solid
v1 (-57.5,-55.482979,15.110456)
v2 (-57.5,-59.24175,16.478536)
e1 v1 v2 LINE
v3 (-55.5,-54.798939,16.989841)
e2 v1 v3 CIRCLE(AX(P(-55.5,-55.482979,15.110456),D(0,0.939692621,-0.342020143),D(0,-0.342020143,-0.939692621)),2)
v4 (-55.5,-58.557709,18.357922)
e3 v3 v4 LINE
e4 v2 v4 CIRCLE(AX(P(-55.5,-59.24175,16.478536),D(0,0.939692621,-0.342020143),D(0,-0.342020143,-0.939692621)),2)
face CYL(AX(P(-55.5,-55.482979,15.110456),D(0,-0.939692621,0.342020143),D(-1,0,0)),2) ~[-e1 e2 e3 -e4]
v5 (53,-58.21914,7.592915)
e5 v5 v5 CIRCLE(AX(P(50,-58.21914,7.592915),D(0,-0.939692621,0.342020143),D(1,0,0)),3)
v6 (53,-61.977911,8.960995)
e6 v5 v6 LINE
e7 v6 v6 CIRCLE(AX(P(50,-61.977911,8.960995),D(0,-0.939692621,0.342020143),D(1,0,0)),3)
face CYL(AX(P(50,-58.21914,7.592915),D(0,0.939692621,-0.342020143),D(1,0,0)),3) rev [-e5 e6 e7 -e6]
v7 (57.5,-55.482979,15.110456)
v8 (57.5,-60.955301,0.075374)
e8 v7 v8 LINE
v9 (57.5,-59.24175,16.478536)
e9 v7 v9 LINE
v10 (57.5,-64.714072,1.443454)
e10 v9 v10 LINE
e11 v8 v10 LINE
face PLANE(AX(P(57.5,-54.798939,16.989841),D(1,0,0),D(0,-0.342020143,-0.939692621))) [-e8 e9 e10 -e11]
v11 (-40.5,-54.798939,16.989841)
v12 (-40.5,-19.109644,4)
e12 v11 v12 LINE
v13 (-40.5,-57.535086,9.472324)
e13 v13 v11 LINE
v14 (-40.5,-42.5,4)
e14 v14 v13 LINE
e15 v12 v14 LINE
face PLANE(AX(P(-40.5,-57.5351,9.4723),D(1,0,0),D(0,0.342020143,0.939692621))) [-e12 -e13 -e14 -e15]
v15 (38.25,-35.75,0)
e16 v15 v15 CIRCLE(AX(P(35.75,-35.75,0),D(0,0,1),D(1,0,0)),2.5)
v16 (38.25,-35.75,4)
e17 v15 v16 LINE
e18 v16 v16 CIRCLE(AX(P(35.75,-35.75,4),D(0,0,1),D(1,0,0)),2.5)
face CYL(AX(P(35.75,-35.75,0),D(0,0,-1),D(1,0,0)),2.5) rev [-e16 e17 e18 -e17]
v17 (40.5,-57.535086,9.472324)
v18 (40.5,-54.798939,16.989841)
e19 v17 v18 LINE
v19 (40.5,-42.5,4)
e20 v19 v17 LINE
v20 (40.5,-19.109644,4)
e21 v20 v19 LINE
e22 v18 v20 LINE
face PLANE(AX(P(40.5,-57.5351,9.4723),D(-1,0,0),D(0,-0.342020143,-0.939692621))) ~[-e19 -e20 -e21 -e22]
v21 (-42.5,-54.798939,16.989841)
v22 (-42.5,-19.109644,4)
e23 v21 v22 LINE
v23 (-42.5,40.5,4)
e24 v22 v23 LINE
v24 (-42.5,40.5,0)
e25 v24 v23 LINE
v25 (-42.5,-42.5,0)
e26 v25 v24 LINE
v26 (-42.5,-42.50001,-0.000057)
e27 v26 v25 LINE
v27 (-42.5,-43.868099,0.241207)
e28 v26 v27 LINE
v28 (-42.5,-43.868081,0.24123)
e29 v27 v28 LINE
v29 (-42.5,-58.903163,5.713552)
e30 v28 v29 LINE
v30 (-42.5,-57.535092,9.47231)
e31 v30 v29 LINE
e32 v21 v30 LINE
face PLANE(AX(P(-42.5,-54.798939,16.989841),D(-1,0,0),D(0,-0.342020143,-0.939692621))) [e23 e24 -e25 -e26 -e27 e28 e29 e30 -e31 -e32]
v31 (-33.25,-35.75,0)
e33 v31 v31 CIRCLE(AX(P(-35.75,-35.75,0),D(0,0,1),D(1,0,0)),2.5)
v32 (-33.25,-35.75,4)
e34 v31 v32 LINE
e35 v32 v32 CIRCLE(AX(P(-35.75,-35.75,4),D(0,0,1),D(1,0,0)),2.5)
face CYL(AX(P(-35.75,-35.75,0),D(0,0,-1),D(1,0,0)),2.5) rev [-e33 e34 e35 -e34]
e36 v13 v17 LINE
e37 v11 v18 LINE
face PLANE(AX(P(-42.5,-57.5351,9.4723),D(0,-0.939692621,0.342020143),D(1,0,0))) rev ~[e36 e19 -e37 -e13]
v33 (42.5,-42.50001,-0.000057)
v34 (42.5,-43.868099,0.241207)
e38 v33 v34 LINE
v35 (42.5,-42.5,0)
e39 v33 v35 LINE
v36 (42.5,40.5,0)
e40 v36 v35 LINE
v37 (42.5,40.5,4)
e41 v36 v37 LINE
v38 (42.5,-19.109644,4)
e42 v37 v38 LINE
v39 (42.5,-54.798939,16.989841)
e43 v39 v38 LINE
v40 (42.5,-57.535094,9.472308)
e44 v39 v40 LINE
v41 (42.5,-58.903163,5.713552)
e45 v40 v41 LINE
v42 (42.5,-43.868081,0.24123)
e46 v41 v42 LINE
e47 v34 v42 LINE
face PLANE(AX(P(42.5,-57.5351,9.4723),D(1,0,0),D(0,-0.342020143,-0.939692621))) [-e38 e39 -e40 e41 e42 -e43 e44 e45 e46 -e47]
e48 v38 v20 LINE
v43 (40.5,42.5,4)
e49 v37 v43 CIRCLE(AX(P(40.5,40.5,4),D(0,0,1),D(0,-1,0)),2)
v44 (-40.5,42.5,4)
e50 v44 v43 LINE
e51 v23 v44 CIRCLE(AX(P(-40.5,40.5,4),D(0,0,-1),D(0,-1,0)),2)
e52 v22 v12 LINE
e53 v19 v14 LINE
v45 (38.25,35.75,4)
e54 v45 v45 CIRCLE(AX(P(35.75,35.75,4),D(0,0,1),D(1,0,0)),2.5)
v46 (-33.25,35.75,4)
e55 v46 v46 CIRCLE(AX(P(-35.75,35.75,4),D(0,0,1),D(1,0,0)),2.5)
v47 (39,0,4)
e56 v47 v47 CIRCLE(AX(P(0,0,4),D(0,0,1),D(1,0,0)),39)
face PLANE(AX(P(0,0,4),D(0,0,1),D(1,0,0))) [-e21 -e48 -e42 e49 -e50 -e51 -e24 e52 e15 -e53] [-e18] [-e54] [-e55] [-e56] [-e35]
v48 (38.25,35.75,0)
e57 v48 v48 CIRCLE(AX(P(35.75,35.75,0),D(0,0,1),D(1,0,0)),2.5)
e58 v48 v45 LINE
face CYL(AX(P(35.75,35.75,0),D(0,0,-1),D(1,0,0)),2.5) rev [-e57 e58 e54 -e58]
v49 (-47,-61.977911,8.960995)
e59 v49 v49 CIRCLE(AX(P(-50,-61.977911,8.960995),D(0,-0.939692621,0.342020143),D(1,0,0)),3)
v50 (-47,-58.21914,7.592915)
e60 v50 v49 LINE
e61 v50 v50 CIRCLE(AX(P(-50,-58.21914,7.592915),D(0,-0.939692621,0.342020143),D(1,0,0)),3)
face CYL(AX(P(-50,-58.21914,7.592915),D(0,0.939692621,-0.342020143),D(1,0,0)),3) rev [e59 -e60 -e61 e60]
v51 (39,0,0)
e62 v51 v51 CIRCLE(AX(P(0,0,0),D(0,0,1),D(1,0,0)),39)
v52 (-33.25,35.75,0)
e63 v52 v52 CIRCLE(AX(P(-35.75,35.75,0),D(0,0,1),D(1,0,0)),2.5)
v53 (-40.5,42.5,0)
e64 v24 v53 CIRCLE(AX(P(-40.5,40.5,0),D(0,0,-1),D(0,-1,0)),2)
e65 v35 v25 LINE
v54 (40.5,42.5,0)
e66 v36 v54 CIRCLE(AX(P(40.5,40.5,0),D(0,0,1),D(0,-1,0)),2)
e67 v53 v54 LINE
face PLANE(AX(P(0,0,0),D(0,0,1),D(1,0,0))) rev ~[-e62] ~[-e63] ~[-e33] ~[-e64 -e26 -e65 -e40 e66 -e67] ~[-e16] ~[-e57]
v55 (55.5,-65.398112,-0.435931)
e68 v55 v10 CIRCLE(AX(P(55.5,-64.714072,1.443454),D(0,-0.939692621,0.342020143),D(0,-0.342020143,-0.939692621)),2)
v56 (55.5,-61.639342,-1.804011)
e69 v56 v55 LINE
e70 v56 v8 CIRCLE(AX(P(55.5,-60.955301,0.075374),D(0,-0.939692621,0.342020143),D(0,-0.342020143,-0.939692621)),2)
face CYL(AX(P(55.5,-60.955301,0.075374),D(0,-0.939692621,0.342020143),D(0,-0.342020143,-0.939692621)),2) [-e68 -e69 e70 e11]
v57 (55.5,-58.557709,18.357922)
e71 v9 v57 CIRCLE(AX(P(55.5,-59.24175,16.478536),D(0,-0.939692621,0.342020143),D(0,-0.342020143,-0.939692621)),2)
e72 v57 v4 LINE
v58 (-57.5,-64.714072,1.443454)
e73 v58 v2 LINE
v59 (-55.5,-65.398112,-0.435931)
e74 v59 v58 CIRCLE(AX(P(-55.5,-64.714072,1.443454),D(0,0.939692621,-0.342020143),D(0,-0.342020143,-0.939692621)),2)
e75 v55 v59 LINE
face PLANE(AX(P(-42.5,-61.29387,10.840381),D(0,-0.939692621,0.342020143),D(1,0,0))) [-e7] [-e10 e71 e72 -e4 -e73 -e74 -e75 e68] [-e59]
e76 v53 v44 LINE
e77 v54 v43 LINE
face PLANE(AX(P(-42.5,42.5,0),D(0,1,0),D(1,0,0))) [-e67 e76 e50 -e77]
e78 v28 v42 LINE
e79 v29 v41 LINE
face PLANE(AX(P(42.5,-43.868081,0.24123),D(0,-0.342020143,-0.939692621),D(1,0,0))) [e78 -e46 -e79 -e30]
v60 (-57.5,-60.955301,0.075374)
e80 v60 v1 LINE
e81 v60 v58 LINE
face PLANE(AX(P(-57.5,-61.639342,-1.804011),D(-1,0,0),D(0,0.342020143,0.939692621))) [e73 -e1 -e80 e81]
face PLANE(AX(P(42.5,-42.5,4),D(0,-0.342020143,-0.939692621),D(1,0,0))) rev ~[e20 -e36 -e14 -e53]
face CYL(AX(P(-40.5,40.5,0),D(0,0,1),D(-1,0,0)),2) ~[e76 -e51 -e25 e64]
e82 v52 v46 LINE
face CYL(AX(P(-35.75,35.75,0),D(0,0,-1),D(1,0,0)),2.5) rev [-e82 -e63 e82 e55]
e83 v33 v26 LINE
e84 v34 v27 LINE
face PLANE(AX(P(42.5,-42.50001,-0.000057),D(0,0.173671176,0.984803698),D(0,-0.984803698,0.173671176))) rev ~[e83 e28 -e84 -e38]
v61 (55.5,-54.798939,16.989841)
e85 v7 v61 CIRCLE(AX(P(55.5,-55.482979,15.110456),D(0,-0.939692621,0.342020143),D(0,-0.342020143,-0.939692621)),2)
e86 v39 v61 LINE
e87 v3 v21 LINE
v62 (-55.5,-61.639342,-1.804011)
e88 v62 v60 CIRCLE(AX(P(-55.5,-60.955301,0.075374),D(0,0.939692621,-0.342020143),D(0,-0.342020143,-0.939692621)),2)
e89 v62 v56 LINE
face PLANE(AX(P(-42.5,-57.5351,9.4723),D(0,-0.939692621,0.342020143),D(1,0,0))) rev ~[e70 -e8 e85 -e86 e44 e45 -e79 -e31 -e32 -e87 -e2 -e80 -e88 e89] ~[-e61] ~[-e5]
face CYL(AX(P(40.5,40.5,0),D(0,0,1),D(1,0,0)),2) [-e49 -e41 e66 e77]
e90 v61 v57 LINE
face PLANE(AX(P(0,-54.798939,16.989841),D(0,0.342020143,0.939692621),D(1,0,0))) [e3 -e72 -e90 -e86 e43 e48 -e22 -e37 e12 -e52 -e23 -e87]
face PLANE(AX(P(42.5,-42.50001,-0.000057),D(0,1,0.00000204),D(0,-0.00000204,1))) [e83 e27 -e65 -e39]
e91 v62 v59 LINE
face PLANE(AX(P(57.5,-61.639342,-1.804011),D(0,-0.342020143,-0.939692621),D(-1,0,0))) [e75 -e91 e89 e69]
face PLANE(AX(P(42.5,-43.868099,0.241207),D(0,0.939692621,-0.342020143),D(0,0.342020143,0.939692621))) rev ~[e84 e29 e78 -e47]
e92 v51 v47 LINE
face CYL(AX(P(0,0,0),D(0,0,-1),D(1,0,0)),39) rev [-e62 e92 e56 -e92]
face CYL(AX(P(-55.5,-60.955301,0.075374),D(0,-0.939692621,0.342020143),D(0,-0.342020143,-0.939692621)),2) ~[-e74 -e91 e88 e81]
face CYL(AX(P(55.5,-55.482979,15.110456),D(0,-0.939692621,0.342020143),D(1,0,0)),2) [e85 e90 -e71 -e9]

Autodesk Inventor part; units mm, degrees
ref_plane "YZ Plane" through (0, 0, 0) normal (1, 0, 0) x (0, 1, 0)
ref_plane "XZ Plane" through (0, 0, 0) normal (0, 1, 0) x (-1, 0, 0)
ref_plane "XY Plane" through (0, 0, 0) normal (0, 0, 1) x (1, 0, 0)
sketch "Sketch1" plane through (0, 0, 0) normal (0, 0, 1) x (1, 0, 0)
  line L0 (-35.75, 35.75) -> (35.75, -35.75) construction
  line L1 (35.75, 35.75) -> (-35.75, -35.75) construction
  line L2 (-42.5, 42.5) -> (42.5, 42.5)
  line L3 (42.5, 42.5) -> (42.5, -42.5)
  line L4 (42.5, -42.5) -> (-42.5, -42.5)
  line L5 (-42.5, -42.5) -> (-42.5, 42.5)
  line L6 (-42.5, 42.5) -> (42.5, -42.5) construction
  line L7 (42.5, 42.5) -> (-42.5, -42.5) construction
  circle A0 centre (-35.75, 35.75) radius 2.5
  circle A1 centre (35.75, 35.75) radius 2.5
  circle A2 centre (-35.75, -35.75) radius 2.5
  circle A3 centre (35.75, -35.75) radius 2.5
  circle A4 centre (0, 0) radius 39
  dimension "d0" = 71.5
  dimension "d1" = 71.5
  dimension "d2" = 85
  dimension "d3" = 85
  dimension "d4" = 5
  dimension "d5" = 5
  dimension "d6" = 5
  dimension "d7" = 5
  dimension "d8" = 78
extrude "Extrusion1" add sketch "Sketch1" along normal blind 4
ref_plane "Work Plane2" through (42.5, -42.5, 4) normal (0, -0.342, -0.9397) x (1, 0, 0)
sketch "Sketch4" plane through (42.5, -42.5, 4) normal (0, -0.342, -0.9397) x (1, 0, 0)
  line L0 (-85, 0) -> (0, 0) projected
  line L1 (0, 0) -> (-85, 0)
  line L2 (-85, 0) -> (-85, 16)
  line L3 (-85, 16) -> (0, 16)
  line L4 (0, 16) -> (0, 0)
  point P0 (-42.5, -41.305)
  dimension "d15" = 16
extrude "Extrusion2" add sketch "Sketch4" along normal blind 4
sketch "Sketch5" plane through (42.5, -57.5351, 9.4723) normal (1, 0, 0) x (0, -0.342, -0.9397)
  line L0 (0, 0) -> (0, 16) projected
  line L1 (3.7588, 17.3681) -> (0, 16) projected
  line L2 (0, 16) -> (3.7588, 17.3681)
  line L3 (4, 16) -> (4, 0) projected
  line L4 (3.7588, 17.3681) -> (4, 16)
  line L5 (4, 16) -> (0, 16)
  point P0 (-10.7771, 57.305)
extrude "Extrusion3" add sketch "Sketch5" against normal blind 85
sketch "Sketch6" plane through (-42.5, -57.5351, 9.4723) normal (0, -0.9397, 0.342) x (1, 0, 0)
  line L0 (85, 0) -> (85, -4) projected
  line L1 (85, -4) -> (0, 0)
  line L2 (100, -12) -> (-15, -12)
  line L3 (-15, -12) -> (-15, 8)
  line L4 (-15, 8) -> (100, 8)
  line L5 (100, 8) -> (100, -12)
  line L6 (100, -12) -> (-15, 8) construction
  line L7 (-15, -12) -> (100, 8) construction
  circle A0 centre (92.5, -2) radius 3
  line L8 (42.5, 8) -> (42.5, -12)
  circle A1 centre (-7.5, -2) radius 3
  point P0 (42.5, -2)
  dimension "d20" = 115
  dimension "d21" = 20
  dimension "d22" = 6
  dimension "d23" = 7.5
extrude "Extrusion4" add sketch "Sketch6" along normal blind 4
fillet "Fillet1" radius 2 6 edges at (57.5, -63.5187, -1.1199) (-57.5, -63.5187, -1.1199) (-57.5, -56.6783, 17.6739) (57.5, -56.6783, 17.6739) (42.5, 42.5, 2) (-42.5, 42.5, 2)
sketch "Sketch8" plane through (-42.5, -57.5351, 9.4723) normal (0, 0.9397, -0.342) x (1, 0, 0)
  line L0 (0, 0) -> (2, 0)
  line L1 (2, 0) -> (2, -8)
  line L2 (2, -8) -> (0, -8)
  line L3 (0, -8) -> (0, 0)
  point P0 (42.5, -10.7771)
  dimension "d33" = 2
  dimension "d34" = 8
extrude "Extrusion6" add sketch "Sketch8" along normal up to surface surface through (0, 0, 4) normal (0, 0, 1)
ref_plane "Work Plane3" through (0, -42.5, 0) normal (-1, 0, 0) x (0, 0, 1)
mirror "Mirror1" about plane through (0, -42.5, 0) normal (-1, 0, 0) of "Extrusion6"
properties part number "Eletronica - FanPlaca"
